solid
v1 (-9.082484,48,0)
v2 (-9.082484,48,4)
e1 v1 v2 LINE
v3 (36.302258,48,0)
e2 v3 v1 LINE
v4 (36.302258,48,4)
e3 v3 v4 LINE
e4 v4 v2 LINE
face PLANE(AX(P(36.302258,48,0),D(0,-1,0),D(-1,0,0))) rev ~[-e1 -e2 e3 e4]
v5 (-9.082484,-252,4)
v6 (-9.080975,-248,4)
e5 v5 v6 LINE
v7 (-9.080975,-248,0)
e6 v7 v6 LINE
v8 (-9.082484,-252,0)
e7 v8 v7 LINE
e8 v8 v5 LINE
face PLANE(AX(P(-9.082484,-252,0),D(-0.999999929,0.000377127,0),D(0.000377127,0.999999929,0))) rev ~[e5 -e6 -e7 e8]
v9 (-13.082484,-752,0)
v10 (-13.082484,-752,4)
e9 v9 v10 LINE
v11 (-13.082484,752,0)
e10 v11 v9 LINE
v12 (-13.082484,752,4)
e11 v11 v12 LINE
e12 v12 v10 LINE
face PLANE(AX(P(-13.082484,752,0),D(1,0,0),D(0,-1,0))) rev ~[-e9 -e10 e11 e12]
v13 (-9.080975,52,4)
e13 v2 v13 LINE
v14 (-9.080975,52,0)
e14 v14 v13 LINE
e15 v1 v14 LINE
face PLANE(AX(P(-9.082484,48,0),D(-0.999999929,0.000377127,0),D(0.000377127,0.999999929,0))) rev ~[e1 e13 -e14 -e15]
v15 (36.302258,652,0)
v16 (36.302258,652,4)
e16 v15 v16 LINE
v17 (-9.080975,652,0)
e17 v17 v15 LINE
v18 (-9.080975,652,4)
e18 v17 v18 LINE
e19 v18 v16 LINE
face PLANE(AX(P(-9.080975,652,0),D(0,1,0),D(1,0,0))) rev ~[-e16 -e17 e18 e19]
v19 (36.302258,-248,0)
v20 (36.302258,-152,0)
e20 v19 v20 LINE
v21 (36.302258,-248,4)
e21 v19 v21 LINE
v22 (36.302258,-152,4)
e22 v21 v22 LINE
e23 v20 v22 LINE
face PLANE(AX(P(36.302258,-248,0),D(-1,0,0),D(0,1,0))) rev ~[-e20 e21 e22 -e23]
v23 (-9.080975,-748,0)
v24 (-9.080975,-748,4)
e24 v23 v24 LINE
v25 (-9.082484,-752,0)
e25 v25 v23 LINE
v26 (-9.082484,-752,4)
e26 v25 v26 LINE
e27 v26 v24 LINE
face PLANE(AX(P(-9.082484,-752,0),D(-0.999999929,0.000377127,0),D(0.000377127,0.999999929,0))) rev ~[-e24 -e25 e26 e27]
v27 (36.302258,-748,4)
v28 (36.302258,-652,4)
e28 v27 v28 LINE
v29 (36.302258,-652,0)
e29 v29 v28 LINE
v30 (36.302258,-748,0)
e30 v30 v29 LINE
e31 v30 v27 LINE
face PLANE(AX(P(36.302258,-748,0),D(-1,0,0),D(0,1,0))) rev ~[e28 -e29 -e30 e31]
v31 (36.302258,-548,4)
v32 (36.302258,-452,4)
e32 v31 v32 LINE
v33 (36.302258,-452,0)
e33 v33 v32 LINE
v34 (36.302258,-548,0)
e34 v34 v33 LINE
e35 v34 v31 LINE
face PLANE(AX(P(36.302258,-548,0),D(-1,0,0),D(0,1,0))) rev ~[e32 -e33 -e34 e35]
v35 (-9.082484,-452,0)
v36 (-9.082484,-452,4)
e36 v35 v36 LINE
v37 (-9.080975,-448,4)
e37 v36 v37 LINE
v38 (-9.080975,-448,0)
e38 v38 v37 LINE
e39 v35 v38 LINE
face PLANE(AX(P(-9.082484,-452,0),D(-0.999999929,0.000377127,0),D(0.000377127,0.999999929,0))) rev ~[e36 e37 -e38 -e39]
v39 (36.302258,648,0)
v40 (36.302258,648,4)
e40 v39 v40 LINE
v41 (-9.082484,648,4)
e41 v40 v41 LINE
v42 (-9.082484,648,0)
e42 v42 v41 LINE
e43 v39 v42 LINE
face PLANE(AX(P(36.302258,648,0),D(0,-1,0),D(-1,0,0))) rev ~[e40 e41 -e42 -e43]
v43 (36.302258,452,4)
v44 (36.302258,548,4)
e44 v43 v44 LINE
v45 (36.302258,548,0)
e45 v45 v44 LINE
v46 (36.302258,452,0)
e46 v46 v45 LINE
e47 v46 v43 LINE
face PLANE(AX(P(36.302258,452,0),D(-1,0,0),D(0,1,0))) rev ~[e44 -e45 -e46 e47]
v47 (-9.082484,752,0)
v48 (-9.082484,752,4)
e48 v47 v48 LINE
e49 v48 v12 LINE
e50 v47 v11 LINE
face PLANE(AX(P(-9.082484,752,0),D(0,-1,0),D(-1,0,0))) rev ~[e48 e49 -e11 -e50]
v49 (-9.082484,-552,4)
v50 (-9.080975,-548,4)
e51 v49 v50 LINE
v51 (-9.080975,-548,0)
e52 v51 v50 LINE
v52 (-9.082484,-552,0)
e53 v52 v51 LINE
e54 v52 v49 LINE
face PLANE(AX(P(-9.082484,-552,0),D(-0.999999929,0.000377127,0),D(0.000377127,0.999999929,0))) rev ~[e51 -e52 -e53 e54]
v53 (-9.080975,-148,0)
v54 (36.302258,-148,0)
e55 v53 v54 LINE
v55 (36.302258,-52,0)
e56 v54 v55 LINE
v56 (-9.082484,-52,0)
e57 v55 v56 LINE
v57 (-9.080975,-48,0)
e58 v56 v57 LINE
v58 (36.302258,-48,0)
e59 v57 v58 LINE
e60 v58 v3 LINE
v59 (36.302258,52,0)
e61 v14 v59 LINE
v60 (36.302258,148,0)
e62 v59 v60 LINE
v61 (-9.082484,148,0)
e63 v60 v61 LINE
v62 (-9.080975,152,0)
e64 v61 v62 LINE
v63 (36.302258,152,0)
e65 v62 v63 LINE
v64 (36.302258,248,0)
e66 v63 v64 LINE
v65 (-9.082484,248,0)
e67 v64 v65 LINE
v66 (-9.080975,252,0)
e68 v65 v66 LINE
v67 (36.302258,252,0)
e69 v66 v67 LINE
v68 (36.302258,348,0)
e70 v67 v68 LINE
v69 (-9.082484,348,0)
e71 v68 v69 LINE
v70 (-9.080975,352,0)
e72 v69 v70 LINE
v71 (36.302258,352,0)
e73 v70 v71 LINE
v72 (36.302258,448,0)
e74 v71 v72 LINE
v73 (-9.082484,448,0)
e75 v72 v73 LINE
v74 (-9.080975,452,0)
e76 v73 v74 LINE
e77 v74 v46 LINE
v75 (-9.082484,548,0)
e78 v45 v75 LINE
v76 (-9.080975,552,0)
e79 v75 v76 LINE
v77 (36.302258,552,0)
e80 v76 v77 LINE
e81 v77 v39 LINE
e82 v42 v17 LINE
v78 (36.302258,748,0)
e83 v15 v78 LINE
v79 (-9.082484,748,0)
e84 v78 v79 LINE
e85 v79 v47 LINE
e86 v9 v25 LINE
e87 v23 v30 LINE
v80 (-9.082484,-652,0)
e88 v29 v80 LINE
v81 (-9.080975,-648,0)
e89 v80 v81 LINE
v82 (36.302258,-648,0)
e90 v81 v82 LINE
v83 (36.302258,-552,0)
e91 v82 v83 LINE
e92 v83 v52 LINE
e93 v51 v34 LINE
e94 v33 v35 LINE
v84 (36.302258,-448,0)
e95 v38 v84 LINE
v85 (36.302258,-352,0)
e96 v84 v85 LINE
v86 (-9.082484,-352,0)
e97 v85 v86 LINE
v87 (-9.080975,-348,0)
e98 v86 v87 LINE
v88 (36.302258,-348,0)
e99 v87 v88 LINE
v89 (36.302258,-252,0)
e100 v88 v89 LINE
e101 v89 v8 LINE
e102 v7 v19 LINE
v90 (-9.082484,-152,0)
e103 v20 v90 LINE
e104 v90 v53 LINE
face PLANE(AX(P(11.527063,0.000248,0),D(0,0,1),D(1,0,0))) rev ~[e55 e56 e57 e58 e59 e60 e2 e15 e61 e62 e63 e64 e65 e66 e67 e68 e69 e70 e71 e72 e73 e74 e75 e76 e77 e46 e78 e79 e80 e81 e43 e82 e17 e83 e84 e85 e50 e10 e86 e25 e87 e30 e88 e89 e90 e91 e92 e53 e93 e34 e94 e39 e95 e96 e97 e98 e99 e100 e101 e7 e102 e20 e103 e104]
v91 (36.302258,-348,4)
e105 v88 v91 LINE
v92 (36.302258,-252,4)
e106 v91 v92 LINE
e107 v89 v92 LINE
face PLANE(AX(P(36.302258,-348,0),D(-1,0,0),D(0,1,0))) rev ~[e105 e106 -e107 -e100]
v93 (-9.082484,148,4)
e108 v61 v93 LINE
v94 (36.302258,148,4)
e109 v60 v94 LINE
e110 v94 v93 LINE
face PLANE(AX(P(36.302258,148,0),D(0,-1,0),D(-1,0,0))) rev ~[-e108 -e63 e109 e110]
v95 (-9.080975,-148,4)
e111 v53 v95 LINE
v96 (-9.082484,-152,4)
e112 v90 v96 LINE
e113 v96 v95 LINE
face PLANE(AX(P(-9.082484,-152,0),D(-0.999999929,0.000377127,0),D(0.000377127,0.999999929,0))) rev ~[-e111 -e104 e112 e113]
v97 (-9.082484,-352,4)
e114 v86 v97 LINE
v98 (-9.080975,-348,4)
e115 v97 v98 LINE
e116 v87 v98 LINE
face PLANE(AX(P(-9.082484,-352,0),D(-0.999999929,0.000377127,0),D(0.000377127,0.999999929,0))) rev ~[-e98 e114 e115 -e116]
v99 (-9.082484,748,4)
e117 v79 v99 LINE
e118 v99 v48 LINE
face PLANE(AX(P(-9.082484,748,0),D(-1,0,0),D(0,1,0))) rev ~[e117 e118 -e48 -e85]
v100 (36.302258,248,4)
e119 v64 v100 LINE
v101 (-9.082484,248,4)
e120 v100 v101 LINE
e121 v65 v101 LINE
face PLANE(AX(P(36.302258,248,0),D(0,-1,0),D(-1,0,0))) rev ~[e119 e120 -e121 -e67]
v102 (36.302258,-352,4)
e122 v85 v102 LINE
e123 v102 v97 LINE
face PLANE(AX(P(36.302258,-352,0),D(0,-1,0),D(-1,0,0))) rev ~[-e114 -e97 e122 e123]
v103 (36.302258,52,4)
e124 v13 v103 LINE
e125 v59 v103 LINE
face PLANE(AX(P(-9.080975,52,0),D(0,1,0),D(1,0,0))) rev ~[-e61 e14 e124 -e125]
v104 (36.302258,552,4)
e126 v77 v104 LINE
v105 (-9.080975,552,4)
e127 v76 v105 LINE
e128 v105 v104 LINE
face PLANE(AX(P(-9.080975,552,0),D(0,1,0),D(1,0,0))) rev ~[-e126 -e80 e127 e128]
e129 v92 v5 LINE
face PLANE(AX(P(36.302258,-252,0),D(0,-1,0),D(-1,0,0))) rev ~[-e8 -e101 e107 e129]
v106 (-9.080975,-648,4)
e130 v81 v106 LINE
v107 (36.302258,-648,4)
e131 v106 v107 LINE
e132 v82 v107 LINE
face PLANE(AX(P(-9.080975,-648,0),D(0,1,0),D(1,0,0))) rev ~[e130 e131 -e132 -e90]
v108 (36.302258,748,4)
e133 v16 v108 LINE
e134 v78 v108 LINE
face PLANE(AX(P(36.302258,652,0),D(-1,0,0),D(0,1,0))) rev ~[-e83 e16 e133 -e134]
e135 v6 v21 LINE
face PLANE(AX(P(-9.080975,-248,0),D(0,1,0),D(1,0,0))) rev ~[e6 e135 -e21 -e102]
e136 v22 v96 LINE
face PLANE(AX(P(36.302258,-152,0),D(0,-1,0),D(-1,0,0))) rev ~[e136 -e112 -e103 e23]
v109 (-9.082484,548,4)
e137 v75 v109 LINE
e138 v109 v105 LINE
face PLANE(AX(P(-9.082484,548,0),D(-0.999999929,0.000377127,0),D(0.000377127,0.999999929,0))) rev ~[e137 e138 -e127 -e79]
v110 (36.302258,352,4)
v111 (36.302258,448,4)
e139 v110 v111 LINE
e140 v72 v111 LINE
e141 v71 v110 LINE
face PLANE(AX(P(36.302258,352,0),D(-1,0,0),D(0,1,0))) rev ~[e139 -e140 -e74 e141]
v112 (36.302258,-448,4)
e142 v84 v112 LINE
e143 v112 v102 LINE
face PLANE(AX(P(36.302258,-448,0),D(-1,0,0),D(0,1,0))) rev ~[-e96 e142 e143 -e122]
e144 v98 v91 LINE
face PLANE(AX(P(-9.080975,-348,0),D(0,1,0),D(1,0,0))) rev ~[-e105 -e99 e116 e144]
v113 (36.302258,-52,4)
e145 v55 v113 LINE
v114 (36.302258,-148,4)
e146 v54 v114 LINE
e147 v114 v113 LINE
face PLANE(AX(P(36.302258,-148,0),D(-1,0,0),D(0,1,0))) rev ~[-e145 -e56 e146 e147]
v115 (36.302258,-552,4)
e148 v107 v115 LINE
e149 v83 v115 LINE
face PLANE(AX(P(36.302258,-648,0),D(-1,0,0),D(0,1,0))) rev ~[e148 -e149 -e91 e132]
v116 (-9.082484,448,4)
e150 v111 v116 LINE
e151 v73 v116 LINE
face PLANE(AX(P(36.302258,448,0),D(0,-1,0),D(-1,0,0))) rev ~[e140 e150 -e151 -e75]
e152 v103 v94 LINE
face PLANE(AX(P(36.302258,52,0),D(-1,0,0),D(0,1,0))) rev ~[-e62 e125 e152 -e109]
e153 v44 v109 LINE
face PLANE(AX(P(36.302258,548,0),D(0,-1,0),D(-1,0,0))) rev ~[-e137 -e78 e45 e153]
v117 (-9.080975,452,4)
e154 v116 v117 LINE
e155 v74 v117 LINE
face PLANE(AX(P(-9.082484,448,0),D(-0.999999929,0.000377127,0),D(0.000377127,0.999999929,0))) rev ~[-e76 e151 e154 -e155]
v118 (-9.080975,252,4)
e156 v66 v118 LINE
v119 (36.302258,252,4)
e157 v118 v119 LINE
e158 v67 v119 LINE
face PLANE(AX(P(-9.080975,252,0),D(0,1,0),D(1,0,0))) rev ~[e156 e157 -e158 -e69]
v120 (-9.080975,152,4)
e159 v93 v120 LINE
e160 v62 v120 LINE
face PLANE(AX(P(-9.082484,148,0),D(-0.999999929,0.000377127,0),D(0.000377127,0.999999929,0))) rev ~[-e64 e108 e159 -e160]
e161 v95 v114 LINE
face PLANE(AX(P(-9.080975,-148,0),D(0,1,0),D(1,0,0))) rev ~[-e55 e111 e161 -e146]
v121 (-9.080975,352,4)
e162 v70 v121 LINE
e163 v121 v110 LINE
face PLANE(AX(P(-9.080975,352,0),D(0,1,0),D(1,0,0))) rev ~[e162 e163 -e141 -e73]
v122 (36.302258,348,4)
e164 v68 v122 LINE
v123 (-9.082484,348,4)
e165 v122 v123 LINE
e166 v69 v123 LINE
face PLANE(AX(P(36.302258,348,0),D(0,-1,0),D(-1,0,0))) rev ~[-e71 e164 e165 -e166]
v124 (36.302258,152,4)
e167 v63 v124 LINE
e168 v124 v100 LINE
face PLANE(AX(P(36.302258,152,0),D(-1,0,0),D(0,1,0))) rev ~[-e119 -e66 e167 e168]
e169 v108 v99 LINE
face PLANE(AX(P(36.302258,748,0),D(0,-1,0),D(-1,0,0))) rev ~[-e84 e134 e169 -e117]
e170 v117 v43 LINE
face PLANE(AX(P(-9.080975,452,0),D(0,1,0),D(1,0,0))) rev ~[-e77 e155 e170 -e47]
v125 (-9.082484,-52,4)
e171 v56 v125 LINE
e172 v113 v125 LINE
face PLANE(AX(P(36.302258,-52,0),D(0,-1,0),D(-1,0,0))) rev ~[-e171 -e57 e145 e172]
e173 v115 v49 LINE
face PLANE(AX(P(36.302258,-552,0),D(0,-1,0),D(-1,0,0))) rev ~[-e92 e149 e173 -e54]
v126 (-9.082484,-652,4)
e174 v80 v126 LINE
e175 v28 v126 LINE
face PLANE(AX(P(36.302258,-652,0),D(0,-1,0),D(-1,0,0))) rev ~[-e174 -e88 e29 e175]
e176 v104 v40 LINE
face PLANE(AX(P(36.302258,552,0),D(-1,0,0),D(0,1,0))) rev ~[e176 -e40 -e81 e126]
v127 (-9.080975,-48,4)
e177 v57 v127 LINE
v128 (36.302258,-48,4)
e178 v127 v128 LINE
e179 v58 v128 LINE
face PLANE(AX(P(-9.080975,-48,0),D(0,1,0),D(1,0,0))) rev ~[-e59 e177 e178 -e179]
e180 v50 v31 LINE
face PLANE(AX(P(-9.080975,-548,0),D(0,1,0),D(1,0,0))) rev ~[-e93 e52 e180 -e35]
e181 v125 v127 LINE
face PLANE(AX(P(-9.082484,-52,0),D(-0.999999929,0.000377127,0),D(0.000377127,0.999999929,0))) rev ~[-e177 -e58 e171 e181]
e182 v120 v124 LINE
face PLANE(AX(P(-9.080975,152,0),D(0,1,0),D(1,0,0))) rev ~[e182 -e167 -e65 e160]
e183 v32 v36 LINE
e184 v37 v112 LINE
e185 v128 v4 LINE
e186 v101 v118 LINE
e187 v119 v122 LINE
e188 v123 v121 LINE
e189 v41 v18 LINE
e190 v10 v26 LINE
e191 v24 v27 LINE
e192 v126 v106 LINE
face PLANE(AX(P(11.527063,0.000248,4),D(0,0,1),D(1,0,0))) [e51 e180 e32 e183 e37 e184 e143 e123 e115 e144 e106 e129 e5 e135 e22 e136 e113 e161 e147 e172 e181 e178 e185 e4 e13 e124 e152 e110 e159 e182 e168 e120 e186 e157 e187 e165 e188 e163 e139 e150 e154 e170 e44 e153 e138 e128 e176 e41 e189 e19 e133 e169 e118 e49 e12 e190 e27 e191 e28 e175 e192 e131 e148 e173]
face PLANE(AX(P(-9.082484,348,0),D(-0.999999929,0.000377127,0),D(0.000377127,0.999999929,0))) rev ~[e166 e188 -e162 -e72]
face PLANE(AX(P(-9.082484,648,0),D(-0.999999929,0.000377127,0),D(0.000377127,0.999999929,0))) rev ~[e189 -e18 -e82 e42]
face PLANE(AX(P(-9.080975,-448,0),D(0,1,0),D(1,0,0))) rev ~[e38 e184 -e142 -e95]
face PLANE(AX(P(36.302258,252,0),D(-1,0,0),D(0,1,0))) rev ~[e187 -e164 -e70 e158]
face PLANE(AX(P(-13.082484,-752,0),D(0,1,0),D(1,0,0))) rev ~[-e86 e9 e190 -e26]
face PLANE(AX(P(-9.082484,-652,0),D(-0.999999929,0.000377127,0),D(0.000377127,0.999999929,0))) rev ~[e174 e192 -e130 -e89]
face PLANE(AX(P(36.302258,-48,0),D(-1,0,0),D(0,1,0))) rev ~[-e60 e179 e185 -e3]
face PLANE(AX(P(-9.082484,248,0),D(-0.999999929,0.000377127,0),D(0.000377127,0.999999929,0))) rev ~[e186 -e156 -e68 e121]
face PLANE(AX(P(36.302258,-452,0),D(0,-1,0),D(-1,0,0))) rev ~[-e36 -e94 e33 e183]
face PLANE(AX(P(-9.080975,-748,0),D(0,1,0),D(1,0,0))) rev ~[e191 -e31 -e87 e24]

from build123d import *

# Parameters (mm, degrees)
BOSS_EXTRUDE1_DEPTH = 4


with BuildPart() as part:
    # Sketch1 → Boss-Extrude1 (new body)
    with BuildSketch(Plane.XY):
        Polygon((-9.08248368, 748), (-9.08248368, 752), (-13.08248368, 752), (-13.08248368, -752), (-9.08248368, -752), (-9.080975173, -748), (36.302257826, -748), (36.302257826, -652), (-9.08248368, -652), (-9.080975173, -648), (36.302257826, -648), (36.302257826, -552), (-9.08248368, -552), (-9.080975173, -548), (36.302257826, -548), (36.302257826, -452), (-9.08248368, -452), (-9.080975173, -448), (36.302257826, -448), (36.302257826, -352), (-9.08248368, -352), (-9.080975173, -348), (36.302257826, -348), (36.302257826, -252), (-9.08248368, -252), (-9.080975173, -248), (36.302257826, -248), (36.302257826, -152), (-9.08248368, -152), (-9.080975173, -148), (36.302257826, -148), (36.302257826, -52), (-9.08248368, -52), (-9.080975173, -48), (36.302257826, -48), (36.302257826, 48), (-9.08248368, 48), (-9.080975173, 52), (36.302257826, 52), (36.302257826, 148), (-9.08248368, 148), (-9.080975173, 152), (36.302257826, 152), (36.302257826, 248), (-9.08248368, 248), (-9.080975173, 252), (36.302257826, 252), (36.302257826, 348), (-9.08248368, 348), (-9.080975173, 352), (36.302257826, 352), (36.302257826, 448), (-9.08248368, 448), (-9.080975173, 452), (36.302257826, 452), (36.302257826, 548), (-9.08248368, 548), (-9.080975173, 552), (36.302257826, 552), (36.302257826, 648), (-9.08248368, 648), (-9.080975173, 652), (36.302257826, 652), (36.302257826, 748), align=None)
    extrude(amount=BOSS_EXTRUDE1_DEPTH)


solid = part.part
